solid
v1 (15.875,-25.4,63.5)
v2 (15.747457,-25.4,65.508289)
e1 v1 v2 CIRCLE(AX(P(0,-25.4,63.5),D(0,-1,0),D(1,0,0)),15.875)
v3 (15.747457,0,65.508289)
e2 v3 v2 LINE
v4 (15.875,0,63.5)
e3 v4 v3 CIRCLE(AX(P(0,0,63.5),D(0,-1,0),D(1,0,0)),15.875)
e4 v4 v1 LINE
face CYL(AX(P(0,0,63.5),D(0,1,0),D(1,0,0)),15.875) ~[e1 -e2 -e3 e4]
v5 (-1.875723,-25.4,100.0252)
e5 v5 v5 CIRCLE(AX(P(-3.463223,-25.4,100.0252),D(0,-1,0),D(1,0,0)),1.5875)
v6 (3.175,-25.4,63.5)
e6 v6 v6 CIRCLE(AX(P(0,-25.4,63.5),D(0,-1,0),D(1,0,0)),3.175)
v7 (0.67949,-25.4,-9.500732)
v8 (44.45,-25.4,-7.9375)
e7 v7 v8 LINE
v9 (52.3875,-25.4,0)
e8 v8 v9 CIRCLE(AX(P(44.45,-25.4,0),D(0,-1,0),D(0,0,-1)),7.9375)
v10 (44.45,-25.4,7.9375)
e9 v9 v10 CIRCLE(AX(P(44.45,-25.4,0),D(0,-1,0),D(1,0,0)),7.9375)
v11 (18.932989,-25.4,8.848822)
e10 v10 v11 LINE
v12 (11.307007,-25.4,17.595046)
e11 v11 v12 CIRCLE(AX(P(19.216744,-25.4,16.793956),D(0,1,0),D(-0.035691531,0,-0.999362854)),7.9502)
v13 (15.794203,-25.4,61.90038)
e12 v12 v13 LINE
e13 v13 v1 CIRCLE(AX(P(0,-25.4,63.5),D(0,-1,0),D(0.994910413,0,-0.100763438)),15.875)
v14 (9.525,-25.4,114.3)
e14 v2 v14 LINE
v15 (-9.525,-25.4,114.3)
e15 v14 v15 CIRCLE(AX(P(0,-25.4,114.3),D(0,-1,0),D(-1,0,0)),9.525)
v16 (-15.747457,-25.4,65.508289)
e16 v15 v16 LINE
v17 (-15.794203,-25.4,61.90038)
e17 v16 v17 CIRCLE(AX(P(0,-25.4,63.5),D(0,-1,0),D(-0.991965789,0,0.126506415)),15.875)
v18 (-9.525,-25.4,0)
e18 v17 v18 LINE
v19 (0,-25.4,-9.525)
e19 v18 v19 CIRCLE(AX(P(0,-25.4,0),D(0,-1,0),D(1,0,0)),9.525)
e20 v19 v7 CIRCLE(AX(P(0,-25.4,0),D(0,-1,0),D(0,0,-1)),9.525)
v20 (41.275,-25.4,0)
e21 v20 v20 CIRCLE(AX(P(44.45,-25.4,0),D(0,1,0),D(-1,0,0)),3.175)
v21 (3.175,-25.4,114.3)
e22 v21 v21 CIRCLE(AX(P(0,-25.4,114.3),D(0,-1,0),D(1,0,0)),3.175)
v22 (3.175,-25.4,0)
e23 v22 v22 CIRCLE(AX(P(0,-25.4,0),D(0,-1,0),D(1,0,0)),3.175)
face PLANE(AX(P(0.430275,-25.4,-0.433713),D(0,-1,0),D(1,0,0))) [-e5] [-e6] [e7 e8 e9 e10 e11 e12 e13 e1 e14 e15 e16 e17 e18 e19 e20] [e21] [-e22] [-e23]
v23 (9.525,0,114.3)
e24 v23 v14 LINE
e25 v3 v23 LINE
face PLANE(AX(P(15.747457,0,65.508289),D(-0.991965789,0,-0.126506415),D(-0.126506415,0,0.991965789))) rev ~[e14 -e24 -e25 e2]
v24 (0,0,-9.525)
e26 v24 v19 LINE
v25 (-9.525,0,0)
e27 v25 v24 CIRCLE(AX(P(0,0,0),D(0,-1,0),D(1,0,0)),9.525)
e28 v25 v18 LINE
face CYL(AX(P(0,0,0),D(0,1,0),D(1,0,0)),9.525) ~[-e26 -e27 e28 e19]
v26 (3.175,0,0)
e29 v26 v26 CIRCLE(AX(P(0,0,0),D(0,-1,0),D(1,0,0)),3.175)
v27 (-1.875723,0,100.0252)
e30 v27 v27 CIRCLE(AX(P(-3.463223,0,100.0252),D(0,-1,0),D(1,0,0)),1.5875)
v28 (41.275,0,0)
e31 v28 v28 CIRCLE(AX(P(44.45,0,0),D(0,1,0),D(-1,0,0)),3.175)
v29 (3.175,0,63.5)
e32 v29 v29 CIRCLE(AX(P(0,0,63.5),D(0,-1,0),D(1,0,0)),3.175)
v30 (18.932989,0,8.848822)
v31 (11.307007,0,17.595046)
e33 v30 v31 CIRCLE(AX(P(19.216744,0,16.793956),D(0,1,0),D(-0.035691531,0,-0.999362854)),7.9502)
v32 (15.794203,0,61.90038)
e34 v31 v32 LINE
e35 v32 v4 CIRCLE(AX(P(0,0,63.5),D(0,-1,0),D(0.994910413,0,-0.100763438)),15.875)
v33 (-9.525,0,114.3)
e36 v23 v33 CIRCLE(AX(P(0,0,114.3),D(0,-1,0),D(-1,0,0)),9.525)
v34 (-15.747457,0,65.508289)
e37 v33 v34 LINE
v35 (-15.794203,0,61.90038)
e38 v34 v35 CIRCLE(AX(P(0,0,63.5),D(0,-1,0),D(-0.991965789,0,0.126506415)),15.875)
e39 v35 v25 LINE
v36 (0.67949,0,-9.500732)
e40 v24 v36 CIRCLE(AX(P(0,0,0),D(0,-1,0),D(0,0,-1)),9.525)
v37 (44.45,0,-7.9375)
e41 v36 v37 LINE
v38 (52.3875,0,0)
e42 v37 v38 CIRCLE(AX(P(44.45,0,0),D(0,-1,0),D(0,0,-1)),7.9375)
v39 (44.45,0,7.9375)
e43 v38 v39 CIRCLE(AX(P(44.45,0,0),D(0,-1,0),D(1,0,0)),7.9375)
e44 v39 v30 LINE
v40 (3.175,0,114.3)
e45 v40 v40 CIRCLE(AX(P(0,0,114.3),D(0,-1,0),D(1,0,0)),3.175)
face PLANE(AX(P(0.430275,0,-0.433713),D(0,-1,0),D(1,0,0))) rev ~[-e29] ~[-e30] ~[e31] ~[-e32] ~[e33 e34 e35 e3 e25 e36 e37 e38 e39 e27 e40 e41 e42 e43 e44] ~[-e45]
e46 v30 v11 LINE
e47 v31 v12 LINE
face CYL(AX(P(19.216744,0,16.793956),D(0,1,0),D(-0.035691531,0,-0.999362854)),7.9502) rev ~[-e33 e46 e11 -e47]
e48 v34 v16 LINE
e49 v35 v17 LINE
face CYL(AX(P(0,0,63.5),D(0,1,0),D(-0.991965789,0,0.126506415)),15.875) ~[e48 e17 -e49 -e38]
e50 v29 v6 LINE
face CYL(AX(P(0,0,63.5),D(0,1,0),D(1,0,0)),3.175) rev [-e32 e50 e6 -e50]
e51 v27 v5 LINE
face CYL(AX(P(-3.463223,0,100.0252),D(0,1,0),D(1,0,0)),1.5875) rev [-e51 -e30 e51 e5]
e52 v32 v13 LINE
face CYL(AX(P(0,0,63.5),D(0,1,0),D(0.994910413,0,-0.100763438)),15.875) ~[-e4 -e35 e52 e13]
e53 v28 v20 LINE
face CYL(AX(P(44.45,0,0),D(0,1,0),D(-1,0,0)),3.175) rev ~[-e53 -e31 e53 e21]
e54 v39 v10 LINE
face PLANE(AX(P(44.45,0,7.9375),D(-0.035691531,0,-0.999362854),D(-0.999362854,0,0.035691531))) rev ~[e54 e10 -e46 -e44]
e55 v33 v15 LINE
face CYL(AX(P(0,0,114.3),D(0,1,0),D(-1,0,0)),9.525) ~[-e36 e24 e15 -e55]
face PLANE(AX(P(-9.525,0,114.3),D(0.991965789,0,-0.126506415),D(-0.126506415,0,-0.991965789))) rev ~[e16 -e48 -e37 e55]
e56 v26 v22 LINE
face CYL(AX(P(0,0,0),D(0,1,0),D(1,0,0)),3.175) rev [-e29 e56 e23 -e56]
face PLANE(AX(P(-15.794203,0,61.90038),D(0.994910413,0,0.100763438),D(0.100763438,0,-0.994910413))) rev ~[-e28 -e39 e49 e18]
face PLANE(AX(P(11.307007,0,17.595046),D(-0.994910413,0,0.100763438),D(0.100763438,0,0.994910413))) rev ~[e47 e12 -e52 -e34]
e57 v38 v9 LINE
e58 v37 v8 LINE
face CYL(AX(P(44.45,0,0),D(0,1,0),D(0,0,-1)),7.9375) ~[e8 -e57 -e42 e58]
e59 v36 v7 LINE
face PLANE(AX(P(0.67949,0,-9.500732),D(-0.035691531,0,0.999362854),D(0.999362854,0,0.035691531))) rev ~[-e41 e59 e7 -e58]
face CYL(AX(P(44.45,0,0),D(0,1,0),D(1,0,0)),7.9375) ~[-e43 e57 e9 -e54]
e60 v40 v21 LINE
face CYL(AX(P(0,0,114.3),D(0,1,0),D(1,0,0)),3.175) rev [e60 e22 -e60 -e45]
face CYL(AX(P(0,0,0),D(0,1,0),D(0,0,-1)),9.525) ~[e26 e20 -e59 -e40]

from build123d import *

# Parameters (mm, degrees)
F0_R     = 3.175
F0_R_2   = 1.5875
F1_DEPTH = 25.4


with BuildPart() as f1:
    # F0 (on Front) → F1 (new body)
    with BuildSketch(Plane.XZ):
        with BuildLine():
            ThreePointArc((0.6794904459, -9.5007324841), (6.9712901065, -6.4905114784), (9.525, 0))
            ThreePointArc((9.525, 0), (0, 9.525), (-9.525, 0))
            ThreePointArc((-9.525, 0), (-6.7351920908, -6.7351920908), (0, -9.525))
            Line((0, -9.525), (0.6794904459, -9.5007324841))
        make_face()
        Circle(F0_R, mode=Mode.SUBTRACT)
        with BuildLine():
            Line((36.5125, 0), (9.525, 0))
            ThreePointArc((9.525, 0), (6.9712901065, -6.4905114784), (0.6794904459, -9.5007324841))
            Line((0.6794904459, -9.5007324841), (44.45, -7.9375))
            ThreePointArc((44.45, -7.9375), (38.8373399243, -5.6126600757), (36.5125, 0))
        make_face()
        with BuildLine():
            ThreePointArc((-9.525, 0), (0, 9.525), (9.525, 0))
            Line((9.525, 0), (36.5125, 0))
            ThreePointArc((36.5125, 0), (38.8373399243, 5.6126600757), (44.45, 7.9375))
            Line((44.45, 7.9375), (18.9329889534, 8.8488218231))
            ThreePointArc((18.9329889534, 8.8488218231), (13.22446249, 11.5691841219), (11.3070069952, 17.5950458731))
            Line((11.3070069952, 17.5950458731), (15.7942028036, 61.9003804205))
            ThreePointArc((15.7942028036, 61.9003804205), (0, 47.625), (-15.7942028036, 61.9003804205))
            Line((-15.7942028036, 61.9003804205), (-9.525, 0))
        make_face()
        with BuildLine():
            ThreePointArc((0, -9.525), (0.3399618281, -9.5189311877), (0.6794904459, -9.5007324841))
            Line((0.6794904459, -9.5007324841), (0, -9.525))
        make_face()
        with BuildLine():
            ThreePointArc((44.45, 7.9375), (38.8373399243, 5.6126600757), (36.5125, 0))
            ThreePointArc((36.5125, 0), (38.8373399243, -5.6126600757), (44.45, -7.9375))
            ThreePointArc((44.45, -7.9375), (50.0626600757, -5.6126600757), (52.3875, 0))
            ThreePointArc((52.3875, 0), (50.0626600757, 5.6126600757), (44.45, 7.9375))
        make_face()
        with BuildLine():
            ThreePointArc((47.625, 0), (44.45, -3.175), (41.275, 0))
            ThreePointArc((41.275, 0), (44.45, 3.175), (47.625, 0))
        make_face(mode=Mode.SUBTRACT)
        with BuildLine():
            ThreePointArc((-15.7474569047, 65.5082893304), (-15.873667691, 63.7056672947), (-15.7942028036, 61.9003804205))
            ThreePointArc((-15.7942028036, 61.9003804205), (0, 47.625), (15.7942028036, 61.9003804205))
            ThreePointArc((15.7942028036, 61.9003804205), (15.8547878338, 62.6991705884), (15.875, 63.5))
            ThreePointArc((15.875, 63.5), (15.8430821396, 64.5061676396), (15.7474569047, 65.5082893304))
            ThreePointArc((15.7474569047, 65.5082893304), (0, 79.375), (-15.7474569047, 65.5082893304))
        make_face()
        with Locations((0, 63.5)):
            Circle(F0_R, mode=Mode.SUBTRACT)
        with BuildLine():
            Line((-9.525, 114.3), (-15.7474569047, 65.5082893304))
            ThreePointArc((-15.7474569047, 65.5082893304), (0, 79.375), (15.7474569047, 65.5082893304))
            Line((15.7474569047, 65.5082893304), (9.525, 114.3))
            ThreePointArc((9.525, 114.3), (0, 104.775), (-9.525, 114.3))
        make_face()
        with Locations((-3.4632231109, 100.0252)):
            Circle(F0_R_2, mode=Mode.SUBTRACT)
        with BuildLine():
            ThreePointArc((9.525, 114.3), (0, 123.825), (-9.525, 114.3))
            ThreePointArc((-9.525, 114.3), (0, 104.775), (9.525, 114.3))
        make_face()
        with Locations((0, 114.3)):
            Circle(F0_R, mode=Mode.SUBTRACT)
    extrude(amount=F1_DEPTH)


solid = f1.part
